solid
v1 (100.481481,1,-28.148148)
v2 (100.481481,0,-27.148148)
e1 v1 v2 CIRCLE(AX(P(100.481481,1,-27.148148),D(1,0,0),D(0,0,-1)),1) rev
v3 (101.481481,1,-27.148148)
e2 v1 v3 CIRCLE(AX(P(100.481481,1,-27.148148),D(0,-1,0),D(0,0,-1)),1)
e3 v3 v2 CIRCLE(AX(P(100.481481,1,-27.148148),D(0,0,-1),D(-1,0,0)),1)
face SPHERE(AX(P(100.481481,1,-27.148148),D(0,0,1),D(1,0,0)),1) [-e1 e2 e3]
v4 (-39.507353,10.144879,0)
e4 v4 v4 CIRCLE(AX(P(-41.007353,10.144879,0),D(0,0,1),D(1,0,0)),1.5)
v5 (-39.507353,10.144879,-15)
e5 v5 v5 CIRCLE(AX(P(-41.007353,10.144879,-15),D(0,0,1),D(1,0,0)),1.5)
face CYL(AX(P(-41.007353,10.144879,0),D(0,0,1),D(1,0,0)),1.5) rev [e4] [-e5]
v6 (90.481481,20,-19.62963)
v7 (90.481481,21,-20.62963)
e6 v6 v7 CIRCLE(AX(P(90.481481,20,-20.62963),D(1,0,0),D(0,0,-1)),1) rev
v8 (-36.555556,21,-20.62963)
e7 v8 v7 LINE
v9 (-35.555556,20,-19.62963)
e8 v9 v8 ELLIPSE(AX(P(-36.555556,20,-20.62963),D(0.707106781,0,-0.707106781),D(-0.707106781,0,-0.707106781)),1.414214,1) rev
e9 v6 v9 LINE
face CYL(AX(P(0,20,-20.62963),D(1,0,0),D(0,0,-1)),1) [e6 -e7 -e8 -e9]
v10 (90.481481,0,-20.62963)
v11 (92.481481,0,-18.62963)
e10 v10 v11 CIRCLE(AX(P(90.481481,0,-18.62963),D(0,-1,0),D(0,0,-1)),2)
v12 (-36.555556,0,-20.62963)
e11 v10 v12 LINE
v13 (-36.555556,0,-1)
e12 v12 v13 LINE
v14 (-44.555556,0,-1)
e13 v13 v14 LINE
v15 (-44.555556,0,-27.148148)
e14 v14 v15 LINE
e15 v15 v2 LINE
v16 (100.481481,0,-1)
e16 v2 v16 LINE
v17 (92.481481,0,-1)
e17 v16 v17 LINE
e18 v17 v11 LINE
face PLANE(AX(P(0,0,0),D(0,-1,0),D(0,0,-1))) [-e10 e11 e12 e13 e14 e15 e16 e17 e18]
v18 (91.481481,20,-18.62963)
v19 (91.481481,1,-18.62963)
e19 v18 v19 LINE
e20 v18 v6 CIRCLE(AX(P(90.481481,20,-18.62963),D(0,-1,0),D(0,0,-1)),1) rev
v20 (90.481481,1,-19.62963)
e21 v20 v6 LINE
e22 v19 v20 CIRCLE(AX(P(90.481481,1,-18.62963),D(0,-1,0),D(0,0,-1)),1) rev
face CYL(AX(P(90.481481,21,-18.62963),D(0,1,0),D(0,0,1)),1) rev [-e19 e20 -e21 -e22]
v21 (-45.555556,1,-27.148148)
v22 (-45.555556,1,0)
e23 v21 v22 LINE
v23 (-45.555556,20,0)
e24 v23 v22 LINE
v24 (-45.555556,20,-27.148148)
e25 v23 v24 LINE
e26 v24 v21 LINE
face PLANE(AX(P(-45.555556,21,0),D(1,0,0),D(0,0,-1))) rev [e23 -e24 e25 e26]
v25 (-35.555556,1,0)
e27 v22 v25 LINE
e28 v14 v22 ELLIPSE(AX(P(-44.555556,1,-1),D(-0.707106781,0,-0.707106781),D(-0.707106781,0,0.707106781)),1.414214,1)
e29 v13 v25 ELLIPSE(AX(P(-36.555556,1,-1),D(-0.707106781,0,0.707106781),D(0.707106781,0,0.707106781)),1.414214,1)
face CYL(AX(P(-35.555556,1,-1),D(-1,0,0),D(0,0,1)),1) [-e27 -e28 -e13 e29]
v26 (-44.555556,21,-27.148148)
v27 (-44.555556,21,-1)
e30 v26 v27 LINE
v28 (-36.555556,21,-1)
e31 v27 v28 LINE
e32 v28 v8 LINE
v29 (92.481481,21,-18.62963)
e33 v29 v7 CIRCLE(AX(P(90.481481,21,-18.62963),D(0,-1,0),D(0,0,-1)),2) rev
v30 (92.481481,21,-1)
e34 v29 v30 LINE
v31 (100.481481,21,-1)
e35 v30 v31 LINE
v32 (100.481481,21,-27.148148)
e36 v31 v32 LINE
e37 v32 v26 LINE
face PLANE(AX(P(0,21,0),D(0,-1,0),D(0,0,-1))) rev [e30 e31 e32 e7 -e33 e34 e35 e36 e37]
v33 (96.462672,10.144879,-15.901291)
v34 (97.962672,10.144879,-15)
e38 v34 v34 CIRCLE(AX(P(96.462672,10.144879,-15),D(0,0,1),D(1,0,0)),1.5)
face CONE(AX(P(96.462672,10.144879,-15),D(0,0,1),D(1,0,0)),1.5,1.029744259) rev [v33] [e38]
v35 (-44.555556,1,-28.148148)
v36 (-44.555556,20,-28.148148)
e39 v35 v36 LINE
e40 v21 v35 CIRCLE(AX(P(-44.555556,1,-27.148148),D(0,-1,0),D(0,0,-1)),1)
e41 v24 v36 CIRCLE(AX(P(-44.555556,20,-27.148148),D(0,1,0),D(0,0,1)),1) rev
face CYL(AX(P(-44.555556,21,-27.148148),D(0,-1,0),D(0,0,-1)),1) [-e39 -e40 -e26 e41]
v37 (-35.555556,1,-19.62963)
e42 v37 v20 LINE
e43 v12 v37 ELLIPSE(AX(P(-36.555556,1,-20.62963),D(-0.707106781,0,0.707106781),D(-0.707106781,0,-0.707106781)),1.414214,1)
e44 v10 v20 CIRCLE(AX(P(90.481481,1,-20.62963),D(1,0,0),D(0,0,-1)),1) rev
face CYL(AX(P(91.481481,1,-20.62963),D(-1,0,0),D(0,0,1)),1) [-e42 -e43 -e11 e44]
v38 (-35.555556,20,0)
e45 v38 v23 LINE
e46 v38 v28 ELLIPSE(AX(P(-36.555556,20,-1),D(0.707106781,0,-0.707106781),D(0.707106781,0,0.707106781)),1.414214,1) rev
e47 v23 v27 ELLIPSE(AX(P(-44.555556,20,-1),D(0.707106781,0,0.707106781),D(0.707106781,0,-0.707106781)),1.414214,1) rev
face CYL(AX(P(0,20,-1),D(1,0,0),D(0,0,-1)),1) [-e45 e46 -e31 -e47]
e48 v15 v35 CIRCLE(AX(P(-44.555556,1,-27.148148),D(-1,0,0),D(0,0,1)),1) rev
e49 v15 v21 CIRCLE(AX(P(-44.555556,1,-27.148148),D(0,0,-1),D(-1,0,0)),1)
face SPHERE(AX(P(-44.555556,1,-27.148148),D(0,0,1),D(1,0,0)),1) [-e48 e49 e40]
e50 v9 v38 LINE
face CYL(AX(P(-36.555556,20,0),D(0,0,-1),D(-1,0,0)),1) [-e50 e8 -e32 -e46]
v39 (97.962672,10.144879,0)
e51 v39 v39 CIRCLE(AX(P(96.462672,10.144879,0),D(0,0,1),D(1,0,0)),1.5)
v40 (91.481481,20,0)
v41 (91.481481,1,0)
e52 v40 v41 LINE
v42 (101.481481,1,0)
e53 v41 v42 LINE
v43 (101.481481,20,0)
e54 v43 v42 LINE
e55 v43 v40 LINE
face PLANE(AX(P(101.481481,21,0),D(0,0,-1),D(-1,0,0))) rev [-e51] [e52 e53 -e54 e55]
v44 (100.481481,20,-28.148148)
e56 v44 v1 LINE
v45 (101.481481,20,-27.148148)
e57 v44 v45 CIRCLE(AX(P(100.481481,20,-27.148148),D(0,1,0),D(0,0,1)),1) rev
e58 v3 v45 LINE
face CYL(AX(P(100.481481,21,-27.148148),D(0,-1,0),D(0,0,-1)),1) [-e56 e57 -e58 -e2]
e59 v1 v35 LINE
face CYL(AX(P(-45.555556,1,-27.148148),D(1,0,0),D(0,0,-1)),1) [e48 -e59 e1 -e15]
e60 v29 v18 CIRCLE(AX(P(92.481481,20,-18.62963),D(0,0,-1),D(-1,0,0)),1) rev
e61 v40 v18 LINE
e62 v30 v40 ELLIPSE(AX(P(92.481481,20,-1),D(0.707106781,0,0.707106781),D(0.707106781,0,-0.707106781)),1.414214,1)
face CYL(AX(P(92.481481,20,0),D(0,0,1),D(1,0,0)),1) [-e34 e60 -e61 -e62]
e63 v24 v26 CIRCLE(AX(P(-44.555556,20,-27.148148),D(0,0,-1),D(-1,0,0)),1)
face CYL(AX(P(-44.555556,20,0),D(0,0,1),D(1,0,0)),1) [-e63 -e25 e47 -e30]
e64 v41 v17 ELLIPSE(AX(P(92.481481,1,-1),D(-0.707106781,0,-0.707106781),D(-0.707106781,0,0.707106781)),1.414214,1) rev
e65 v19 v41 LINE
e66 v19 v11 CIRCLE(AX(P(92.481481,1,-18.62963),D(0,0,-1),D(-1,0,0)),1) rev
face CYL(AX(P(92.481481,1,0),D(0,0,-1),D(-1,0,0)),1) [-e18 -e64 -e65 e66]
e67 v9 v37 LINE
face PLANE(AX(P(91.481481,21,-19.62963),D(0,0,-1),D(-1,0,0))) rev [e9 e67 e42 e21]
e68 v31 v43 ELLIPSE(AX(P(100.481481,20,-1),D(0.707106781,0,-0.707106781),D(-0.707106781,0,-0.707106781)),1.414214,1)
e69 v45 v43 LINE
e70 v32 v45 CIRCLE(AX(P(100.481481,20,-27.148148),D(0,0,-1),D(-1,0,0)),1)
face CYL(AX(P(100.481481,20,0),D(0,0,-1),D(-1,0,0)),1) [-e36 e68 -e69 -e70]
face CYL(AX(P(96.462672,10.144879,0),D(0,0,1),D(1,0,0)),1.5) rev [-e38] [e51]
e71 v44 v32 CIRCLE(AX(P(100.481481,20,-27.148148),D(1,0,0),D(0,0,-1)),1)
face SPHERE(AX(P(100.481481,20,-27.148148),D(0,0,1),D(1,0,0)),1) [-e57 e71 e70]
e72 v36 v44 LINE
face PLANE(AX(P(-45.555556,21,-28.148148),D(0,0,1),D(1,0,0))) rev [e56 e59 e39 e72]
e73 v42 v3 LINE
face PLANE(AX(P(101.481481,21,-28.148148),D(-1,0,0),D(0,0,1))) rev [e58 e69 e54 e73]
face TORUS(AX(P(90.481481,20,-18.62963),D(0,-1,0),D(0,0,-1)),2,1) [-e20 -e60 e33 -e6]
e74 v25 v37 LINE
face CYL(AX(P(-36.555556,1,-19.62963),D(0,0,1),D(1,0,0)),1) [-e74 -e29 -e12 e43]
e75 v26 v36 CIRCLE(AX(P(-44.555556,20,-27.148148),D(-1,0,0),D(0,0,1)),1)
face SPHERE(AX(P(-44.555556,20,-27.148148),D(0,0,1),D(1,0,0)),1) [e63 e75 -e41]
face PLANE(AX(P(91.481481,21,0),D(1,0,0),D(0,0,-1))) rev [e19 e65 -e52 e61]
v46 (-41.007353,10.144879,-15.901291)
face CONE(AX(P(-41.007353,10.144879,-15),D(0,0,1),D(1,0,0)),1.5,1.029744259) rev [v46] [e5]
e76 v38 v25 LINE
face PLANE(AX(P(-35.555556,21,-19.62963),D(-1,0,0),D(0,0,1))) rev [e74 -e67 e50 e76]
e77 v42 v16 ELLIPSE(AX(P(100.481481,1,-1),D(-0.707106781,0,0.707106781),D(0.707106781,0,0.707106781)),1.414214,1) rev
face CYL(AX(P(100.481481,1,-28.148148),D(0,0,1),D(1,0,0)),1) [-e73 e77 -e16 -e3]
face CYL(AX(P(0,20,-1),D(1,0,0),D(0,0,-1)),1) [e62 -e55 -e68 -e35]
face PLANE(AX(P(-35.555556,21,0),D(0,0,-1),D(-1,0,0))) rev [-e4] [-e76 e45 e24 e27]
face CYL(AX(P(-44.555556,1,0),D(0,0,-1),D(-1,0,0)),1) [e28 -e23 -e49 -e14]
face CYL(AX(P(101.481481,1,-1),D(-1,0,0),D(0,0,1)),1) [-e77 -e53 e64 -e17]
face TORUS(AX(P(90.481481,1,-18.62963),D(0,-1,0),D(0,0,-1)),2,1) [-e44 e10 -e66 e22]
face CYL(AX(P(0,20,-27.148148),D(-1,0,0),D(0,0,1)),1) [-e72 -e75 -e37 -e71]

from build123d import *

# Parameters (mm, degrees)
SALIENTE_EXTRUIR1_DEPTH           = 21
REDONDEO1_R                       = 1
RANURAS_DE_ESPIGA_DE_3_0MM1_D     = 3
RANURAS_DE_ESPIGA_DE_3_0MM1_DEPTH = 15
RANURAS_DE_ESPIGA_DE_3_0MM1_TIP   = 0.901290929


with BuildPart() as part:
    # Croquis1 → Saliente-Extruir1 (new body)
    with BuildSketch(Plane(origin=(0, 0, 0), x_dir=(1, 0, 0), z_dir=(0, 1, 0))):
        Polygon((-45.555555556, 0), (-45.555555556, 28.148148148), (101.481481481, 28.148148148), (101.481481481, 0), (91.481481481, 0), (91.481481481, 19.62962963), (-35.555555556, 19.62962963), (-35.555555556, 0), align=None)
    extrude(amount=SALIENTE_EXTRUIR1_DEPTH)

    # Redondeo1
    redondeo1_edges = [part.edges().sort_by_distance(p)[0] for p in [
        (27.962962963, 21, -19.62962963),
        (-35.555555556, 0, -9.814814815),
        (-40.555555556, 0, 0),
        (91.481481481, 21, -9.814814815),
        (-45.555555556, 10.5, -28.148148148),
        (101.481481481, 10.5, -28.148148148),
        (91.481481481, 10.5, -19.62962963),
        (96.481481481, 21, 0),
        (101.481481481, 21, -14.074074074),
        (27.962962963, 21, -28.148148148),
        (-45.555555556, 21, -14.074074074),
        (-40.555555556, 21, 0),
        (-35.555555556, 21, -9.814814815),
        (-45.555555556, 0, -14.074074074),
        (27.962962963, 0, -28.148148148),
        (101.481481481, 0, -14.074074074),
        (96.481481481, 0, 0),
        (91.481481481, 0, -9.814814815),
        (27.962962963, 0, -19.62962963),
    ]]
    fillet(redondeo1_edges, radius=REDONDEO1_R)

    # Ranuras de espiga de Ø3.0mm1
    with Locations(Plane.XY):
        with Locations((-41.007352785, 10.144878608), (96.462672376, 10.144878608)):
            Hole(RANURAS_DE_ESPIGA_DE_3_0MM1_D / 2, depth=RANURAS_DE_ESPIGA_DE_3_0MM1_DEPTH)
            with Locations((0, 0, -(RANURAS_DE_ESPIGA_DE_3_0MM1_DEPTH + RANURAS_DE_ESPIGA_DE_3_0MM1_TIP / 2))):  # 118° drill point
                Cone(0, RANURAS_DE_ESPIGA_DE_3_0MM1_D / 2, RANURAS_DE_ESPIGA_DE_3_0MM1_TIP, mode=Mode.SUBTRACT)


solid = part.part
